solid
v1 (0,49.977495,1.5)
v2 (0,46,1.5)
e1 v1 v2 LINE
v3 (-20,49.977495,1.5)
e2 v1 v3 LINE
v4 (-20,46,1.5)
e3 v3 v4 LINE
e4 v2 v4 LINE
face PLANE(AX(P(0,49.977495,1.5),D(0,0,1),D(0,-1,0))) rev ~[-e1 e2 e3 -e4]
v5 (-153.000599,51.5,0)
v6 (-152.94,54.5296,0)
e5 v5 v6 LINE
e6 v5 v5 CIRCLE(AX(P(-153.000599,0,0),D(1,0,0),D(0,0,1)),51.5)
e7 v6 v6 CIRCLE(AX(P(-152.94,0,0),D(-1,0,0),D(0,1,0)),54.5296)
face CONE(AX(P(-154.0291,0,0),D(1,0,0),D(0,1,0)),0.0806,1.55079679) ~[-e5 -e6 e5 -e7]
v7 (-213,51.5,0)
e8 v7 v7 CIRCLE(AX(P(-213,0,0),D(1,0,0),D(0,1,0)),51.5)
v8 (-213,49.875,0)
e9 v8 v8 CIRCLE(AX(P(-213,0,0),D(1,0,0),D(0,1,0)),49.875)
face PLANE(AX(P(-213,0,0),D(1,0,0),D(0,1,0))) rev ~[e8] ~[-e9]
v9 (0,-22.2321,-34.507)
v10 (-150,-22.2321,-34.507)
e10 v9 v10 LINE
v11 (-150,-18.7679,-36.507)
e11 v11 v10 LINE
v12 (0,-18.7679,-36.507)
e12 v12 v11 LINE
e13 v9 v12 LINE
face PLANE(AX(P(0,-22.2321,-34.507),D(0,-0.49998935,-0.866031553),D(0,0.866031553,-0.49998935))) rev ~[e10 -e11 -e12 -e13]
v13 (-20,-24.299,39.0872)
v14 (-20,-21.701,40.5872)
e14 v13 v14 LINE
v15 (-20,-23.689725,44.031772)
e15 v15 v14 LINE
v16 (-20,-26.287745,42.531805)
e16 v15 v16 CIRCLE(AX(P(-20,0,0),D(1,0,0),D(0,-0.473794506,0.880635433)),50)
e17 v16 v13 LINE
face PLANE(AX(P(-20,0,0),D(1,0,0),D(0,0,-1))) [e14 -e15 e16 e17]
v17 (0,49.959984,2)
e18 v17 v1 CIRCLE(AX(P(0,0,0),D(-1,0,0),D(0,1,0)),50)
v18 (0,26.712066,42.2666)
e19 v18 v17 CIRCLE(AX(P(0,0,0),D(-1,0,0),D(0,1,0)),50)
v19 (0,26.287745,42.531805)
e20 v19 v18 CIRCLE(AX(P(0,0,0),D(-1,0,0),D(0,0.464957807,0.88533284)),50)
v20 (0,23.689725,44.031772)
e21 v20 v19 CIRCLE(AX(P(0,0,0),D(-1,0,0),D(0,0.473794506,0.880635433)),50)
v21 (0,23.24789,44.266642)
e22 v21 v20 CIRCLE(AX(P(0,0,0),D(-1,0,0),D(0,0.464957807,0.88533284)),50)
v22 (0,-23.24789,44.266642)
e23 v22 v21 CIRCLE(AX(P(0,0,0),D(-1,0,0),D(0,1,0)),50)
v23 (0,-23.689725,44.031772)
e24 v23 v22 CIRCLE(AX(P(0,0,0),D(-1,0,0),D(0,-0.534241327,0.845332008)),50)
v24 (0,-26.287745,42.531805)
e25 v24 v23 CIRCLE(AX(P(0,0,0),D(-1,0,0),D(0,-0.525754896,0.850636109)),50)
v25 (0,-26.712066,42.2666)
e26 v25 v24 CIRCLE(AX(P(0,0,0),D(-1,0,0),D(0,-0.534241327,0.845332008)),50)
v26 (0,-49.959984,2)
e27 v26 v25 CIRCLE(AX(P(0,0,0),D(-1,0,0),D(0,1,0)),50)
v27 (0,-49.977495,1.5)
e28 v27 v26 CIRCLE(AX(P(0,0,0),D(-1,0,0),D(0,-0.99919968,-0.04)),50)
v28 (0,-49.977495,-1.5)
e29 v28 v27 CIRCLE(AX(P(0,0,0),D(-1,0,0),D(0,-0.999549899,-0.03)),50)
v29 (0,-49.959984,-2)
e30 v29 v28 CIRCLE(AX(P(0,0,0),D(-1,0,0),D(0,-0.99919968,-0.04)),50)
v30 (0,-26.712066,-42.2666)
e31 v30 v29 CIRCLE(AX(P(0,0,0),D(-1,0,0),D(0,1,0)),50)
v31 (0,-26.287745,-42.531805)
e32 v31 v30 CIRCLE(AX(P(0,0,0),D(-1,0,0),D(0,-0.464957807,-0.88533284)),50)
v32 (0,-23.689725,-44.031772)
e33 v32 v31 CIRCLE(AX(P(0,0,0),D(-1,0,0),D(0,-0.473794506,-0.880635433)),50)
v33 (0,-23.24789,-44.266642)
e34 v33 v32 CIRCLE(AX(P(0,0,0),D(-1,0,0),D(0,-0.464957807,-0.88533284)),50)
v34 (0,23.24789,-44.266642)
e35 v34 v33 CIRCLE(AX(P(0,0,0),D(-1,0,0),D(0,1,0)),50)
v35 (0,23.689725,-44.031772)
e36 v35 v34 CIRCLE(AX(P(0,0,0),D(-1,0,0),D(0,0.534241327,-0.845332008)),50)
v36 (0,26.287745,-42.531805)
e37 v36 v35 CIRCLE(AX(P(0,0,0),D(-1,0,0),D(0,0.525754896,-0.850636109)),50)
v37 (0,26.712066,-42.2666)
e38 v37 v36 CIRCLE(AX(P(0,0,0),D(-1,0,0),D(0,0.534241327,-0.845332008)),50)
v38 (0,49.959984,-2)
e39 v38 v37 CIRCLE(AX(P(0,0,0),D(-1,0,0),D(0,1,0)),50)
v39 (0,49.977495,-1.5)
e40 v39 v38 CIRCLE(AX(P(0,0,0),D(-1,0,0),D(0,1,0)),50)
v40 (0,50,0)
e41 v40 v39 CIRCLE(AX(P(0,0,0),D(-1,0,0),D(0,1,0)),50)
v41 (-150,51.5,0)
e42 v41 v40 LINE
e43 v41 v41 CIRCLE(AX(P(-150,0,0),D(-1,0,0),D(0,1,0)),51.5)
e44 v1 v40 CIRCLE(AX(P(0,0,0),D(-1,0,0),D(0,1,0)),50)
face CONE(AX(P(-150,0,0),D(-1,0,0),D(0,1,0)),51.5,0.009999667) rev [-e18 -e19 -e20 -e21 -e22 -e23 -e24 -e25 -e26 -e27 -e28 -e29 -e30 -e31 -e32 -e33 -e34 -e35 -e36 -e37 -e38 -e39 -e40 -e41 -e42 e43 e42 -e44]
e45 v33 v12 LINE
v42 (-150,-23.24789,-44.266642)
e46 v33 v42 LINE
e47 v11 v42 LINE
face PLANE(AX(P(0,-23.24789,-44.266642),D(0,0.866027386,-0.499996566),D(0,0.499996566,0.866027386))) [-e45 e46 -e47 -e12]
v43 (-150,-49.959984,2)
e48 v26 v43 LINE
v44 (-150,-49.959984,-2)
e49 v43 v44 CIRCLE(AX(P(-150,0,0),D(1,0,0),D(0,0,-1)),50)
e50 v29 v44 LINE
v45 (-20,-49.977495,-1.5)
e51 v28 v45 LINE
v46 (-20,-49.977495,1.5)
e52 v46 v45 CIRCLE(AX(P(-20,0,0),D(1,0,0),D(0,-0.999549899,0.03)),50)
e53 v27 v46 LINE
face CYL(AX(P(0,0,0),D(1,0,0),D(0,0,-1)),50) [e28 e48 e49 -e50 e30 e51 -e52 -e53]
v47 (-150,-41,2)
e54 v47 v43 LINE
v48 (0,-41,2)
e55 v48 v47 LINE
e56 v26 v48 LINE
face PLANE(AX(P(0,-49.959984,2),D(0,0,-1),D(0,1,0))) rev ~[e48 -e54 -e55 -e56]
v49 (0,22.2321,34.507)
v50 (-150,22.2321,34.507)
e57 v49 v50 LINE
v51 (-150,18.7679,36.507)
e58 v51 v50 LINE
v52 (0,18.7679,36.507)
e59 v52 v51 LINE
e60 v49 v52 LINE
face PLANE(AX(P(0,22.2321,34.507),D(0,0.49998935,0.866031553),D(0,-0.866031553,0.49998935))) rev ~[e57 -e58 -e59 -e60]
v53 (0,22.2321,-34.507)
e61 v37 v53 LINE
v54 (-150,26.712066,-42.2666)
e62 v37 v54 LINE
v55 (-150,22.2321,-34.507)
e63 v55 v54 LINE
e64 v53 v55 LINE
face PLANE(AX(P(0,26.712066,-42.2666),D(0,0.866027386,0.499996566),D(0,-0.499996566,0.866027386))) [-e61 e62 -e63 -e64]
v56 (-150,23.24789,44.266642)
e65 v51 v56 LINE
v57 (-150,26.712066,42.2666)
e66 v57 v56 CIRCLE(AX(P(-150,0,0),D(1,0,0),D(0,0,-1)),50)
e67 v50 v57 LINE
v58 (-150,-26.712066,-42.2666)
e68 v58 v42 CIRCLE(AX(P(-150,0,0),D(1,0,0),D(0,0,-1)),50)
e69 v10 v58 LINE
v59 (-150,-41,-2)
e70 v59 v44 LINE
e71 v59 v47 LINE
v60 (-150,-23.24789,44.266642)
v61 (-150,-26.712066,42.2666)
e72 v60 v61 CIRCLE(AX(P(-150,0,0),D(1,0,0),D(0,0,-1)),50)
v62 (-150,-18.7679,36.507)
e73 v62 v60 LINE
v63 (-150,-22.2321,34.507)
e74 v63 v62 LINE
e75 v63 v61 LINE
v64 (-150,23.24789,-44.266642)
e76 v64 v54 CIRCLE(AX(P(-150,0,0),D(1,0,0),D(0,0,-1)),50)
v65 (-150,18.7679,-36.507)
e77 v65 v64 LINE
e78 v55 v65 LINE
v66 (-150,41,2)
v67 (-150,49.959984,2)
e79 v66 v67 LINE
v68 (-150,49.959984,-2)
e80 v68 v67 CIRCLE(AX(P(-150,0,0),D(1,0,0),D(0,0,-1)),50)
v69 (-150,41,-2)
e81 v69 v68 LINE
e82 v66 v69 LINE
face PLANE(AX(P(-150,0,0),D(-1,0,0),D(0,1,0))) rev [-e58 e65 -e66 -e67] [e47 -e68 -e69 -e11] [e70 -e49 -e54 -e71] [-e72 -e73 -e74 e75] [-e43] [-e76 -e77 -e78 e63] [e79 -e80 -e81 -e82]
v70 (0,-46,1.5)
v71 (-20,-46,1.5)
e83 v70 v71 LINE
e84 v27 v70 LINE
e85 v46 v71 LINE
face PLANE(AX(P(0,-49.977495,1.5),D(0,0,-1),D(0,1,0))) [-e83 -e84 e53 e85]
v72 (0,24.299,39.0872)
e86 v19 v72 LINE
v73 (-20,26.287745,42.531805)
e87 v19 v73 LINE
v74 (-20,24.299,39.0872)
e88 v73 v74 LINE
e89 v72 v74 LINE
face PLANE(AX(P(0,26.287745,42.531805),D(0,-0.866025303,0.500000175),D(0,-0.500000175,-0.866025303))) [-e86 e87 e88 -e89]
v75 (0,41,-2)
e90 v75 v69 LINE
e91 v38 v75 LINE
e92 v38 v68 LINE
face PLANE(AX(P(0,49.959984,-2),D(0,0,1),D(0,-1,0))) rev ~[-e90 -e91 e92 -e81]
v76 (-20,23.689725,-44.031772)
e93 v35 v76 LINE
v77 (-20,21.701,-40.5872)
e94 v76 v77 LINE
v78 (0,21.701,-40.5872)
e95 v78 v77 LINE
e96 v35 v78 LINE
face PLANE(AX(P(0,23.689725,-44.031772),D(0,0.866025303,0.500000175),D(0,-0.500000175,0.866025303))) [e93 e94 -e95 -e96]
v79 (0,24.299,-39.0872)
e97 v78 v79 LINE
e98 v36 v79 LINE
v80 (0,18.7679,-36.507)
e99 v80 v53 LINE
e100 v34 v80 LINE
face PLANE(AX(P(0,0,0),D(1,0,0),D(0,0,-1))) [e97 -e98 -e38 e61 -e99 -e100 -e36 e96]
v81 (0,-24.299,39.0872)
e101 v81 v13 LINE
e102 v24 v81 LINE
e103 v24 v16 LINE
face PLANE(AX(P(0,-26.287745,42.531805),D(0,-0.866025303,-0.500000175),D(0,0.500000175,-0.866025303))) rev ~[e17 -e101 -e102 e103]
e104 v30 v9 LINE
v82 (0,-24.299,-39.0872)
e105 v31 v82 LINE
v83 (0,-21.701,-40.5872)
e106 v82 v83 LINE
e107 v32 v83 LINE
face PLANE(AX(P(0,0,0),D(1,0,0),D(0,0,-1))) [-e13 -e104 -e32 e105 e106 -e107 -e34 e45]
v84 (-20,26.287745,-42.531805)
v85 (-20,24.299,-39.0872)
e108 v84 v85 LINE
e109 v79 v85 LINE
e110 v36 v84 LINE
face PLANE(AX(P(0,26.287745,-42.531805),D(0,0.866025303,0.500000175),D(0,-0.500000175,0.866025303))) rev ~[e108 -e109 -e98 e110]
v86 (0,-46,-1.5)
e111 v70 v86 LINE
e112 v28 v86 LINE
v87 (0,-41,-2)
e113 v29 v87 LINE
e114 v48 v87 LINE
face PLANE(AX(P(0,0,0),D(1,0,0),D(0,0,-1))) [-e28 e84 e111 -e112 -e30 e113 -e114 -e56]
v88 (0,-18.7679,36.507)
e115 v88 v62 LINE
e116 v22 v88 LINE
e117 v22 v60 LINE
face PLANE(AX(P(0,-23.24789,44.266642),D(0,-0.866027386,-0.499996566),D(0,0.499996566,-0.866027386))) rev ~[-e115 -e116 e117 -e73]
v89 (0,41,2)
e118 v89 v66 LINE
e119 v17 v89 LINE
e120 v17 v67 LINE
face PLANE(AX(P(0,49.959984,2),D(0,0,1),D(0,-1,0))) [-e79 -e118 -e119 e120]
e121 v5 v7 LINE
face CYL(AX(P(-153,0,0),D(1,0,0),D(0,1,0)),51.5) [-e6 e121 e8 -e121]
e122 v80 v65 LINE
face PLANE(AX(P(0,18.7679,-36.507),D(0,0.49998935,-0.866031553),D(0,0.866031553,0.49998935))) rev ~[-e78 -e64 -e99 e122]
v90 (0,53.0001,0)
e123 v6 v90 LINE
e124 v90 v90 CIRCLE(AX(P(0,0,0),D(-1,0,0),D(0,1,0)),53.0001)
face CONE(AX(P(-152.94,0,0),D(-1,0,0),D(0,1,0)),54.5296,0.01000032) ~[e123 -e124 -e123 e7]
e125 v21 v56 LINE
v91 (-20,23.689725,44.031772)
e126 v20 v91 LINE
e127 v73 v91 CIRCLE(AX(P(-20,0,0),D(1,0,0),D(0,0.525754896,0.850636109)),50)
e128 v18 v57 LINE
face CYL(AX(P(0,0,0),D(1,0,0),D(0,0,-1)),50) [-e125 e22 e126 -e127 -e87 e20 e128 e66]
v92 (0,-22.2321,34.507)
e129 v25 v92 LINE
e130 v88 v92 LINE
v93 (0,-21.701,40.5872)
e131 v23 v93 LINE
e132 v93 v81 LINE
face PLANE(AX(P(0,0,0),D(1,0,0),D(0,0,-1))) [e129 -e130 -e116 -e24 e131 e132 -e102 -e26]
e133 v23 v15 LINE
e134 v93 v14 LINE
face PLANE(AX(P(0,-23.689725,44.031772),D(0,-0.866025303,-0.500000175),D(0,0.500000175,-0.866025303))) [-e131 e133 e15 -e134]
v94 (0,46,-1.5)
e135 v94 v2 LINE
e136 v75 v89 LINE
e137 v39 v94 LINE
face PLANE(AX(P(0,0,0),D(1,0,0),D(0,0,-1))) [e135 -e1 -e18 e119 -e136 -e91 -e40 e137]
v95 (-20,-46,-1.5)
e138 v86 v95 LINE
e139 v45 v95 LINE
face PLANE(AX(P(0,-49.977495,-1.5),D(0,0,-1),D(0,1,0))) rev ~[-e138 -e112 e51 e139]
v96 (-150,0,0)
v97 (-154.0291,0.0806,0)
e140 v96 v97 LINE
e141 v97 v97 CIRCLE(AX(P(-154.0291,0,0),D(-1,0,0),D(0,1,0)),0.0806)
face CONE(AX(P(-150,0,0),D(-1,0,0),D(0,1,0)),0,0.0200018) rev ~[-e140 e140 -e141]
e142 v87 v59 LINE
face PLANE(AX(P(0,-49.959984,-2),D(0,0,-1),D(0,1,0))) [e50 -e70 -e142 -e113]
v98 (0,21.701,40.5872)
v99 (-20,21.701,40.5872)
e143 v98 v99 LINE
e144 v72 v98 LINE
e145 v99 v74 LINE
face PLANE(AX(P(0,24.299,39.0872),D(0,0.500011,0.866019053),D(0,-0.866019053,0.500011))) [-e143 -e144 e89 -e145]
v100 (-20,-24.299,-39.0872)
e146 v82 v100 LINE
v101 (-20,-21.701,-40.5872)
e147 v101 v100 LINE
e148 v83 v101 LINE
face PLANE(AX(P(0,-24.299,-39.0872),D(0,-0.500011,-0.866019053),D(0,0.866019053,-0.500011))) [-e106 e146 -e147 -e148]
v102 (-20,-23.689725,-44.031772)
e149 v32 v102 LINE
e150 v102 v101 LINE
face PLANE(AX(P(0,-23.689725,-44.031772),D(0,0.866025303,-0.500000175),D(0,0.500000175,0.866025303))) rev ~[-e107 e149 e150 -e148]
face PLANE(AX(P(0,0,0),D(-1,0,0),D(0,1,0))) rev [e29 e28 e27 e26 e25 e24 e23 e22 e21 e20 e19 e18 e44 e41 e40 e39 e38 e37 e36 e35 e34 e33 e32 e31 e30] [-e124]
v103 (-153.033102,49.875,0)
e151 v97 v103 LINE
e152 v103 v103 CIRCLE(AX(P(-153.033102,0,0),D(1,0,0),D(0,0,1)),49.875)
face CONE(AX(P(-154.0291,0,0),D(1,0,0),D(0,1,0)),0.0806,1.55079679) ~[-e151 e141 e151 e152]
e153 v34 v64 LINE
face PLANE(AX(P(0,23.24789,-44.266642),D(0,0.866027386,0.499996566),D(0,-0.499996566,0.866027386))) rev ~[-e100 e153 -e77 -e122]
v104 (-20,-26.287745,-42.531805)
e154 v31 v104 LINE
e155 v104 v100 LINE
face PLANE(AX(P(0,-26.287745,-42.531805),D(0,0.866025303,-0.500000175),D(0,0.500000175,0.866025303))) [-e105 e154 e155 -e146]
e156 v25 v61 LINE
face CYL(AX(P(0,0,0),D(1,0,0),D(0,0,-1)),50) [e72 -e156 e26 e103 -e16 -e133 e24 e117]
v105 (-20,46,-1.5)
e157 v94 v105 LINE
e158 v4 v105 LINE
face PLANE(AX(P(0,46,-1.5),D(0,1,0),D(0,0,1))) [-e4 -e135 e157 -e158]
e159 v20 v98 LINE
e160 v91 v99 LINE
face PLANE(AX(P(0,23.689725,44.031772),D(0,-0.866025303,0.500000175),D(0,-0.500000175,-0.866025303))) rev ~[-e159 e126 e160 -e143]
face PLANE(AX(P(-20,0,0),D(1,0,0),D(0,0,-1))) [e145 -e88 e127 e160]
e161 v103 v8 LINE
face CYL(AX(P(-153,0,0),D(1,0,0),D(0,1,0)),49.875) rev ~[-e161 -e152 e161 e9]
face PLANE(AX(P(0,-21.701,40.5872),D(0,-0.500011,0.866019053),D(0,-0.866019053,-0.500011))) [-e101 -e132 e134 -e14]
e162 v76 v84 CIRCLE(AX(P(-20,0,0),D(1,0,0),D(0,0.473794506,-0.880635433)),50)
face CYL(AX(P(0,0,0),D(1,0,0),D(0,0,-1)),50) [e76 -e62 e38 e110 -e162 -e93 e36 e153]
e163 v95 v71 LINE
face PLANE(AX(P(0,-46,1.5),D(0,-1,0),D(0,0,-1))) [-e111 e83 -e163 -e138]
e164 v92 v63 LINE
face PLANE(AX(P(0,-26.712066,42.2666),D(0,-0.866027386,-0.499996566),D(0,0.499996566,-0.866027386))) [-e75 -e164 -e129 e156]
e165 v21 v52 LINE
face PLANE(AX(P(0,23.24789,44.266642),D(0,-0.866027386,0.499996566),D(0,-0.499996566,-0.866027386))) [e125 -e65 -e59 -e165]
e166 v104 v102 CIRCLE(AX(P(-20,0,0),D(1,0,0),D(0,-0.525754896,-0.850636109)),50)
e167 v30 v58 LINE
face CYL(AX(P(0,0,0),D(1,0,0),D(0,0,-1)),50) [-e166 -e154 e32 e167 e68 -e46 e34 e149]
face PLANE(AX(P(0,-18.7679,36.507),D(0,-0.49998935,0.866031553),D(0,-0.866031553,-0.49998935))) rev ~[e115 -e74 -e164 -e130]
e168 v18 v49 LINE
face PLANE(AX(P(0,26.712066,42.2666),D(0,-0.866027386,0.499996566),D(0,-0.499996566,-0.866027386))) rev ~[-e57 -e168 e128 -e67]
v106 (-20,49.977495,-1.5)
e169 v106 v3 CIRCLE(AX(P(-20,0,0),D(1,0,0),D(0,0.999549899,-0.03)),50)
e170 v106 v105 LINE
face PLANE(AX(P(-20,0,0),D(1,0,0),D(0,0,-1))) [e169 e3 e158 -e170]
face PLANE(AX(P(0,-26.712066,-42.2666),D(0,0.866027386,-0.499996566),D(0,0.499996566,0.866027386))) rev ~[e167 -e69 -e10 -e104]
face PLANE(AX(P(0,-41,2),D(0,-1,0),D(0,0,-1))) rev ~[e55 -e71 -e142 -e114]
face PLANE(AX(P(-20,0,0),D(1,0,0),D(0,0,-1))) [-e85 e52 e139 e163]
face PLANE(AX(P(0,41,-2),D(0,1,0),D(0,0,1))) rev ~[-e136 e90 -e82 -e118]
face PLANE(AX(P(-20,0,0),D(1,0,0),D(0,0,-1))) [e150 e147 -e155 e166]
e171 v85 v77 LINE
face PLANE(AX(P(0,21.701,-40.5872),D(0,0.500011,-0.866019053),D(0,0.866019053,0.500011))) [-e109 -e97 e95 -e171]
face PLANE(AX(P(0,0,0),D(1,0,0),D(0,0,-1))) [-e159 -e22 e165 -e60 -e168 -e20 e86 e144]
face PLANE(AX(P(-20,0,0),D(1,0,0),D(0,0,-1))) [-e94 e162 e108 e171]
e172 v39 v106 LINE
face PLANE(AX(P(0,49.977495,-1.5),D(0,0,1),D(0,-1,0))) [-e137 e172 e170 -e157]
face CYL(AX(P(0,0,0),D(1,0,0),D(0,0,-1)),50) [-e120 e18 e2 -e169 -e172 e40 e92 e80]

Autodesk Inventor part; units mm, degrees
ref_plane "XZ Plane" through (0, 0, 0) normal (0, 1, 0) x (-1, 0, 0)
ref_plane "XY Plane" through (0, 0, 0) normal (0, 0, 1) x (1, 0, 0)
sketch "Reinforcment" plane through (0, 0, 0) normal (0, 0, 1) x (1, 0, 0)
  line L0 (0, 0) -> (-150, 0)
  line L1 (-150, 0) -> (-150, 51.5)
  line L2 (-150, 51.5) -> (0, 50)
  line L3 (-154.0291, 0.0806) -> (-152.94, 54.5296)
  line L4 (-152.94, 54.5296) -> (0, 53.0001)
  line L5 (-150, 0) -> (-154.0291, 0.0806)
  line L6 (0, 50) -> (0, 53.0001)
  dimension "d1" = 50
  dimension "d2" = 51.5
  dimension "d3" = 3
revolve "Revolution1" add sketch "Reinforcment" angle 360 about axis through (0, 0, 0) along (-1, 0, 0)
sketch "Sketch2" plane through (0, 0, 0) normal (1, 0, 0) x (0, 0, -1)
  circle A0 centre (0, 0) radius 50 projected
  line L0 (0, 50) -> (2, 50)
  line L1 (2, 50) -> (2, 41)
  line L2 (2, 41) -> (0, 41)
  line L3 (0, 50) -> (-2, 50)
  line L4 (-2, 50) -> (-2, 41)
  line L5 (-2, 41) -> (0, 41)
  line L6 (-43.3013, 25) -> (-42.3013, 26.7321)
  line L7 (-42.3013, 26.7321) -> (-34.507, 22.2321)
  line L8 (-34.507, 22.2321) -> (-35.507, 20.5)
  line L9 (-43.3013, 25) -> (-44.3013, 23.2679)
  line L10 (-44.3013, 23.2679) -> (-36.507, 18.7679)
  line L11 (-36.507, 18.7679) -> (-35.507, 20.5)
  line L12 (-43.3013, -25) -> (-44.3013, -23.2679)
  line L13 (-44.3013, -23.2679) -> (-36.507, -18.7679)
  line L14 (-36.507, -18.7679) -> (-35.507, -20.5)
  line L15 (-43.3013, -25) -> (-42.3013, -26.7321)
  line L16 (-42.3013, -26.7321) -> (-34.507, -22.2321)
  line L17 (-34.507, -22.2321) -> (-35.507, -20.5)
  line L18 (0, -50) -> (-2, -50)
  line L19 (-2, -50) -> (-2, -41)
  line L20 (-2, -41) -> (0, -41)
  line L21 (0, -50) -> (2, -50)
  line L22 (2, -50) -> (2, -41)
  line L23 (2, -41) -> (0, -41)
  line L24 (43.3013, -25) -> (42.3013, -26.7321)
  line L25 (42.3013, -26.7321) -> (34.507, -22.2321)
  line L26 (34.507, -22.2321) -> (35.507, -20.5)
  line L27 (43.3013, -25) -> (44.3013, -23.2679)
  line L28 (44.3013, -23.2679) -> (36.507, -18.7679)
  line L29 (36.507, -18.7679) -> (35.507, -20.5)
  line L30 (43.3013, 25) -> (44.3013, 23.2679)
  line L31 (44.3013, 23.2679) -> (36.507, 18.7679)
  line L32 (36.507, 18.7679) -> (35.507, 20.5)
  line L33 (43.3013, 25) -> (42.3013, 26.7321)
  line L34 (42.3013, 26.7321) -> (34.507, 22.2321)
  line L35 (34.507, 22.2321) -> (35.507, 20.5)
  point P0 (44.2666, 23.2479)
  point P1 (42.2666, 26.712)
  point P2 (42.2666, -26.712)
  point P3 (44.2666, -23.2479)
  point P4 (0, -41)
  point P5 (-2, -49.96)
  point P6 (2, -49.96)
  point P7 (-44.2666, -23.2479)
  point P8 (-42.2666, -26.712)
  point P9 (-42.2666, 26.712)
  point P10 (-44.2666, 23.2479)
  point P11 (2, 49.96)
  point P12 (-2, 49.96)
  dimension "d5" = 2
  dimension "d6" = 9
  dimension "d7" = 2
  dimension "d10" = 360
extrude "Extrusion1" add sketch "Sketch2" against normal up to next contours L31 L32 L35 L34 A0 | A0 L25 L26 L29 L28 | L1 L2 L5 L4 A0 | A0 L19 L20 L23 L22 | L7 L8 L11 L10 A0 | A0 L13 L14 L17 L16
sketch "Sketch3" plane through (0, 0, 0) normal (1, 0, 0) x (0, 0, -1)
  circle A0 centre (0, 0) radius 53.8081
  circle A1 centre (0, 0) radius 50
  line L0 (0, 50) -> (1.5, 50)
  line L1 (1.5, 50) -> (1.5, 46)
  line L2 (1.5, 46) -> (0, 46)
  line L3 (0, 50) -> (-1.5, 50)
  line L4 (-1.5, 50) -> (-1.5, 46)
  line L5 (-1.5, 46) -> (0, 46)
  line L6 (-43.3013, 25) -> (-42.5513, 26.299)
  line L7 (-42.5513, 26.299) -> (-39.0872, 24.299)
  line L8 (-39.0872, 24.299) -> (-39.8372, 23)
  line L9 (-43.3013, 25) -> (-44.0513, 23.701)
  line L10 (-44.0513, 23.701) -> (-40.5872, 21.701)
  line L11 (-40.5872, 21.701) -> (-39.8372, 23)
  line L12 (-43.3013, -25) -> (-44.0513, -23.701)
  line L13 (-44.0513, -23.701) -> (-40.5872, -21.701)
  line L14 (-40.5872, -21.701) -> (-39.8372, -23)
  line L15 (-43.3013, -25) -> (-42.5513, -26.299)
  line L16 (-42.5513, -26.299) -> (-39.0872, -24.299)
  line L17 (-39.0872, -24.299) -> (-39.8372, -23)
  line L18 (0, -50) -> (-1.5, -50)
  line L19 (-1.5, -50) -> (-1.5, -46)
  line L20 (-1.5, -46) -> (0, -46)
  line L21 (0, -50) -> (1.5, -50)
  line L22 (1.5, -50) -> (1.5, -46)
  line L23 (1.5, -46) -> (0, -46)
  line L24 (43.3013, -25) -> (42.5513, -26.299)
  line L25 (42.5513, -26.299) -> (39.0872, -24.299)
  line L26 (39.0872, -24.299) -> (39.8372, -23)
  line L27 (43.3013, -25) -> (44.0513, -23.701)
  line L28 (44.0513, -23.701) -> (40.5872, -21.701)
  line L29 (40.5872, -21.701) -> (39.8372, -23)
  line L30 (43.3013, 25) -> (44.0513, 23.701)
  line L31 (44.0513, 23.701) -> (40.5872, 21.701)
  line L32 (40.5872, 21.701) -> (39.8372, 23)
  line L33 (43.3013, 25) -> (42.5513, 26.299)
  line L34 (42.5513, 26.299) -> (39.0872, 24.299)
  line L35 (39.0872, 24.299) -> (39.8372, 23)
  point P0 (-42.5318, 26.2878)
  point P1 (-44.0318, 23.6897)
  point P2 (-44.0318, -23.6897)
  point P3 (-42.5318, -26.2878)
  point P4 (0, -46)
  point P5 (-1.5, -49.9775)
  point P6 (1.5, -49.9775)
  point P7 (42.5318, -26.2878)
  point P8 (44.0318, -23.6897)
  point P9 (44.0318, 23.6897)
  point P10 (42.5318, 26.2878)
  point P11 (1.5, 49.9775)
  point P12 (-1.5, 49.9775)
  dimension "d32" = 1.5
  dimension "d33" = 4
  dimension "d34" = 1.5
  dimension "d37" = 360
extrude "Extrusion2" cut sketch "Sketch3" against normal blind 20 contours L31 L32 L35 L34 A1 | A1 L25 L26 L29 L28 | L1 L2 L5 L4 A1 | A1 L19 L20 L23 L22 | L7 L8 L11 L10 A1 | A1 L13 L14 L17 L16
ref_plane "Work Plane1" through (-153, 0, 0) normal (1, 0, 0) x (0, 1, 0)
sketch "Sketch5" plane through (-153, 0, 0) normal (1, 0, 0) x (0, 1, 0)
  circle A0 centre (0, 0) radius 51.5
  circle A1 centre (0, 0) radius 49.875
  dimension "d28" = 103
  dimension "d29" = 99.75
extrude "Extrusion4" add sketch "Sketch5" against normal blind 60
equation "\"BendRadius\" = Thickness"
equation "\"BendReliefWidth\" = Thickness"
equation "\"BendReliefDepth\" = 0.5 * Thickness"
equation "\"CornerReliefSize\" = 4 * Thickness"
equation "\"MinimumRemnant\" = 2 * Thickness"
equation "\"TransitionRadius\" = BendRadius"
equation "\"JacobiRadiusSize\" = BendRadius"
equation "\"GapSize\" = Thickness"
equation "\"Thickness\" = 0.5"
properties part number "Nosecone(finale)"
